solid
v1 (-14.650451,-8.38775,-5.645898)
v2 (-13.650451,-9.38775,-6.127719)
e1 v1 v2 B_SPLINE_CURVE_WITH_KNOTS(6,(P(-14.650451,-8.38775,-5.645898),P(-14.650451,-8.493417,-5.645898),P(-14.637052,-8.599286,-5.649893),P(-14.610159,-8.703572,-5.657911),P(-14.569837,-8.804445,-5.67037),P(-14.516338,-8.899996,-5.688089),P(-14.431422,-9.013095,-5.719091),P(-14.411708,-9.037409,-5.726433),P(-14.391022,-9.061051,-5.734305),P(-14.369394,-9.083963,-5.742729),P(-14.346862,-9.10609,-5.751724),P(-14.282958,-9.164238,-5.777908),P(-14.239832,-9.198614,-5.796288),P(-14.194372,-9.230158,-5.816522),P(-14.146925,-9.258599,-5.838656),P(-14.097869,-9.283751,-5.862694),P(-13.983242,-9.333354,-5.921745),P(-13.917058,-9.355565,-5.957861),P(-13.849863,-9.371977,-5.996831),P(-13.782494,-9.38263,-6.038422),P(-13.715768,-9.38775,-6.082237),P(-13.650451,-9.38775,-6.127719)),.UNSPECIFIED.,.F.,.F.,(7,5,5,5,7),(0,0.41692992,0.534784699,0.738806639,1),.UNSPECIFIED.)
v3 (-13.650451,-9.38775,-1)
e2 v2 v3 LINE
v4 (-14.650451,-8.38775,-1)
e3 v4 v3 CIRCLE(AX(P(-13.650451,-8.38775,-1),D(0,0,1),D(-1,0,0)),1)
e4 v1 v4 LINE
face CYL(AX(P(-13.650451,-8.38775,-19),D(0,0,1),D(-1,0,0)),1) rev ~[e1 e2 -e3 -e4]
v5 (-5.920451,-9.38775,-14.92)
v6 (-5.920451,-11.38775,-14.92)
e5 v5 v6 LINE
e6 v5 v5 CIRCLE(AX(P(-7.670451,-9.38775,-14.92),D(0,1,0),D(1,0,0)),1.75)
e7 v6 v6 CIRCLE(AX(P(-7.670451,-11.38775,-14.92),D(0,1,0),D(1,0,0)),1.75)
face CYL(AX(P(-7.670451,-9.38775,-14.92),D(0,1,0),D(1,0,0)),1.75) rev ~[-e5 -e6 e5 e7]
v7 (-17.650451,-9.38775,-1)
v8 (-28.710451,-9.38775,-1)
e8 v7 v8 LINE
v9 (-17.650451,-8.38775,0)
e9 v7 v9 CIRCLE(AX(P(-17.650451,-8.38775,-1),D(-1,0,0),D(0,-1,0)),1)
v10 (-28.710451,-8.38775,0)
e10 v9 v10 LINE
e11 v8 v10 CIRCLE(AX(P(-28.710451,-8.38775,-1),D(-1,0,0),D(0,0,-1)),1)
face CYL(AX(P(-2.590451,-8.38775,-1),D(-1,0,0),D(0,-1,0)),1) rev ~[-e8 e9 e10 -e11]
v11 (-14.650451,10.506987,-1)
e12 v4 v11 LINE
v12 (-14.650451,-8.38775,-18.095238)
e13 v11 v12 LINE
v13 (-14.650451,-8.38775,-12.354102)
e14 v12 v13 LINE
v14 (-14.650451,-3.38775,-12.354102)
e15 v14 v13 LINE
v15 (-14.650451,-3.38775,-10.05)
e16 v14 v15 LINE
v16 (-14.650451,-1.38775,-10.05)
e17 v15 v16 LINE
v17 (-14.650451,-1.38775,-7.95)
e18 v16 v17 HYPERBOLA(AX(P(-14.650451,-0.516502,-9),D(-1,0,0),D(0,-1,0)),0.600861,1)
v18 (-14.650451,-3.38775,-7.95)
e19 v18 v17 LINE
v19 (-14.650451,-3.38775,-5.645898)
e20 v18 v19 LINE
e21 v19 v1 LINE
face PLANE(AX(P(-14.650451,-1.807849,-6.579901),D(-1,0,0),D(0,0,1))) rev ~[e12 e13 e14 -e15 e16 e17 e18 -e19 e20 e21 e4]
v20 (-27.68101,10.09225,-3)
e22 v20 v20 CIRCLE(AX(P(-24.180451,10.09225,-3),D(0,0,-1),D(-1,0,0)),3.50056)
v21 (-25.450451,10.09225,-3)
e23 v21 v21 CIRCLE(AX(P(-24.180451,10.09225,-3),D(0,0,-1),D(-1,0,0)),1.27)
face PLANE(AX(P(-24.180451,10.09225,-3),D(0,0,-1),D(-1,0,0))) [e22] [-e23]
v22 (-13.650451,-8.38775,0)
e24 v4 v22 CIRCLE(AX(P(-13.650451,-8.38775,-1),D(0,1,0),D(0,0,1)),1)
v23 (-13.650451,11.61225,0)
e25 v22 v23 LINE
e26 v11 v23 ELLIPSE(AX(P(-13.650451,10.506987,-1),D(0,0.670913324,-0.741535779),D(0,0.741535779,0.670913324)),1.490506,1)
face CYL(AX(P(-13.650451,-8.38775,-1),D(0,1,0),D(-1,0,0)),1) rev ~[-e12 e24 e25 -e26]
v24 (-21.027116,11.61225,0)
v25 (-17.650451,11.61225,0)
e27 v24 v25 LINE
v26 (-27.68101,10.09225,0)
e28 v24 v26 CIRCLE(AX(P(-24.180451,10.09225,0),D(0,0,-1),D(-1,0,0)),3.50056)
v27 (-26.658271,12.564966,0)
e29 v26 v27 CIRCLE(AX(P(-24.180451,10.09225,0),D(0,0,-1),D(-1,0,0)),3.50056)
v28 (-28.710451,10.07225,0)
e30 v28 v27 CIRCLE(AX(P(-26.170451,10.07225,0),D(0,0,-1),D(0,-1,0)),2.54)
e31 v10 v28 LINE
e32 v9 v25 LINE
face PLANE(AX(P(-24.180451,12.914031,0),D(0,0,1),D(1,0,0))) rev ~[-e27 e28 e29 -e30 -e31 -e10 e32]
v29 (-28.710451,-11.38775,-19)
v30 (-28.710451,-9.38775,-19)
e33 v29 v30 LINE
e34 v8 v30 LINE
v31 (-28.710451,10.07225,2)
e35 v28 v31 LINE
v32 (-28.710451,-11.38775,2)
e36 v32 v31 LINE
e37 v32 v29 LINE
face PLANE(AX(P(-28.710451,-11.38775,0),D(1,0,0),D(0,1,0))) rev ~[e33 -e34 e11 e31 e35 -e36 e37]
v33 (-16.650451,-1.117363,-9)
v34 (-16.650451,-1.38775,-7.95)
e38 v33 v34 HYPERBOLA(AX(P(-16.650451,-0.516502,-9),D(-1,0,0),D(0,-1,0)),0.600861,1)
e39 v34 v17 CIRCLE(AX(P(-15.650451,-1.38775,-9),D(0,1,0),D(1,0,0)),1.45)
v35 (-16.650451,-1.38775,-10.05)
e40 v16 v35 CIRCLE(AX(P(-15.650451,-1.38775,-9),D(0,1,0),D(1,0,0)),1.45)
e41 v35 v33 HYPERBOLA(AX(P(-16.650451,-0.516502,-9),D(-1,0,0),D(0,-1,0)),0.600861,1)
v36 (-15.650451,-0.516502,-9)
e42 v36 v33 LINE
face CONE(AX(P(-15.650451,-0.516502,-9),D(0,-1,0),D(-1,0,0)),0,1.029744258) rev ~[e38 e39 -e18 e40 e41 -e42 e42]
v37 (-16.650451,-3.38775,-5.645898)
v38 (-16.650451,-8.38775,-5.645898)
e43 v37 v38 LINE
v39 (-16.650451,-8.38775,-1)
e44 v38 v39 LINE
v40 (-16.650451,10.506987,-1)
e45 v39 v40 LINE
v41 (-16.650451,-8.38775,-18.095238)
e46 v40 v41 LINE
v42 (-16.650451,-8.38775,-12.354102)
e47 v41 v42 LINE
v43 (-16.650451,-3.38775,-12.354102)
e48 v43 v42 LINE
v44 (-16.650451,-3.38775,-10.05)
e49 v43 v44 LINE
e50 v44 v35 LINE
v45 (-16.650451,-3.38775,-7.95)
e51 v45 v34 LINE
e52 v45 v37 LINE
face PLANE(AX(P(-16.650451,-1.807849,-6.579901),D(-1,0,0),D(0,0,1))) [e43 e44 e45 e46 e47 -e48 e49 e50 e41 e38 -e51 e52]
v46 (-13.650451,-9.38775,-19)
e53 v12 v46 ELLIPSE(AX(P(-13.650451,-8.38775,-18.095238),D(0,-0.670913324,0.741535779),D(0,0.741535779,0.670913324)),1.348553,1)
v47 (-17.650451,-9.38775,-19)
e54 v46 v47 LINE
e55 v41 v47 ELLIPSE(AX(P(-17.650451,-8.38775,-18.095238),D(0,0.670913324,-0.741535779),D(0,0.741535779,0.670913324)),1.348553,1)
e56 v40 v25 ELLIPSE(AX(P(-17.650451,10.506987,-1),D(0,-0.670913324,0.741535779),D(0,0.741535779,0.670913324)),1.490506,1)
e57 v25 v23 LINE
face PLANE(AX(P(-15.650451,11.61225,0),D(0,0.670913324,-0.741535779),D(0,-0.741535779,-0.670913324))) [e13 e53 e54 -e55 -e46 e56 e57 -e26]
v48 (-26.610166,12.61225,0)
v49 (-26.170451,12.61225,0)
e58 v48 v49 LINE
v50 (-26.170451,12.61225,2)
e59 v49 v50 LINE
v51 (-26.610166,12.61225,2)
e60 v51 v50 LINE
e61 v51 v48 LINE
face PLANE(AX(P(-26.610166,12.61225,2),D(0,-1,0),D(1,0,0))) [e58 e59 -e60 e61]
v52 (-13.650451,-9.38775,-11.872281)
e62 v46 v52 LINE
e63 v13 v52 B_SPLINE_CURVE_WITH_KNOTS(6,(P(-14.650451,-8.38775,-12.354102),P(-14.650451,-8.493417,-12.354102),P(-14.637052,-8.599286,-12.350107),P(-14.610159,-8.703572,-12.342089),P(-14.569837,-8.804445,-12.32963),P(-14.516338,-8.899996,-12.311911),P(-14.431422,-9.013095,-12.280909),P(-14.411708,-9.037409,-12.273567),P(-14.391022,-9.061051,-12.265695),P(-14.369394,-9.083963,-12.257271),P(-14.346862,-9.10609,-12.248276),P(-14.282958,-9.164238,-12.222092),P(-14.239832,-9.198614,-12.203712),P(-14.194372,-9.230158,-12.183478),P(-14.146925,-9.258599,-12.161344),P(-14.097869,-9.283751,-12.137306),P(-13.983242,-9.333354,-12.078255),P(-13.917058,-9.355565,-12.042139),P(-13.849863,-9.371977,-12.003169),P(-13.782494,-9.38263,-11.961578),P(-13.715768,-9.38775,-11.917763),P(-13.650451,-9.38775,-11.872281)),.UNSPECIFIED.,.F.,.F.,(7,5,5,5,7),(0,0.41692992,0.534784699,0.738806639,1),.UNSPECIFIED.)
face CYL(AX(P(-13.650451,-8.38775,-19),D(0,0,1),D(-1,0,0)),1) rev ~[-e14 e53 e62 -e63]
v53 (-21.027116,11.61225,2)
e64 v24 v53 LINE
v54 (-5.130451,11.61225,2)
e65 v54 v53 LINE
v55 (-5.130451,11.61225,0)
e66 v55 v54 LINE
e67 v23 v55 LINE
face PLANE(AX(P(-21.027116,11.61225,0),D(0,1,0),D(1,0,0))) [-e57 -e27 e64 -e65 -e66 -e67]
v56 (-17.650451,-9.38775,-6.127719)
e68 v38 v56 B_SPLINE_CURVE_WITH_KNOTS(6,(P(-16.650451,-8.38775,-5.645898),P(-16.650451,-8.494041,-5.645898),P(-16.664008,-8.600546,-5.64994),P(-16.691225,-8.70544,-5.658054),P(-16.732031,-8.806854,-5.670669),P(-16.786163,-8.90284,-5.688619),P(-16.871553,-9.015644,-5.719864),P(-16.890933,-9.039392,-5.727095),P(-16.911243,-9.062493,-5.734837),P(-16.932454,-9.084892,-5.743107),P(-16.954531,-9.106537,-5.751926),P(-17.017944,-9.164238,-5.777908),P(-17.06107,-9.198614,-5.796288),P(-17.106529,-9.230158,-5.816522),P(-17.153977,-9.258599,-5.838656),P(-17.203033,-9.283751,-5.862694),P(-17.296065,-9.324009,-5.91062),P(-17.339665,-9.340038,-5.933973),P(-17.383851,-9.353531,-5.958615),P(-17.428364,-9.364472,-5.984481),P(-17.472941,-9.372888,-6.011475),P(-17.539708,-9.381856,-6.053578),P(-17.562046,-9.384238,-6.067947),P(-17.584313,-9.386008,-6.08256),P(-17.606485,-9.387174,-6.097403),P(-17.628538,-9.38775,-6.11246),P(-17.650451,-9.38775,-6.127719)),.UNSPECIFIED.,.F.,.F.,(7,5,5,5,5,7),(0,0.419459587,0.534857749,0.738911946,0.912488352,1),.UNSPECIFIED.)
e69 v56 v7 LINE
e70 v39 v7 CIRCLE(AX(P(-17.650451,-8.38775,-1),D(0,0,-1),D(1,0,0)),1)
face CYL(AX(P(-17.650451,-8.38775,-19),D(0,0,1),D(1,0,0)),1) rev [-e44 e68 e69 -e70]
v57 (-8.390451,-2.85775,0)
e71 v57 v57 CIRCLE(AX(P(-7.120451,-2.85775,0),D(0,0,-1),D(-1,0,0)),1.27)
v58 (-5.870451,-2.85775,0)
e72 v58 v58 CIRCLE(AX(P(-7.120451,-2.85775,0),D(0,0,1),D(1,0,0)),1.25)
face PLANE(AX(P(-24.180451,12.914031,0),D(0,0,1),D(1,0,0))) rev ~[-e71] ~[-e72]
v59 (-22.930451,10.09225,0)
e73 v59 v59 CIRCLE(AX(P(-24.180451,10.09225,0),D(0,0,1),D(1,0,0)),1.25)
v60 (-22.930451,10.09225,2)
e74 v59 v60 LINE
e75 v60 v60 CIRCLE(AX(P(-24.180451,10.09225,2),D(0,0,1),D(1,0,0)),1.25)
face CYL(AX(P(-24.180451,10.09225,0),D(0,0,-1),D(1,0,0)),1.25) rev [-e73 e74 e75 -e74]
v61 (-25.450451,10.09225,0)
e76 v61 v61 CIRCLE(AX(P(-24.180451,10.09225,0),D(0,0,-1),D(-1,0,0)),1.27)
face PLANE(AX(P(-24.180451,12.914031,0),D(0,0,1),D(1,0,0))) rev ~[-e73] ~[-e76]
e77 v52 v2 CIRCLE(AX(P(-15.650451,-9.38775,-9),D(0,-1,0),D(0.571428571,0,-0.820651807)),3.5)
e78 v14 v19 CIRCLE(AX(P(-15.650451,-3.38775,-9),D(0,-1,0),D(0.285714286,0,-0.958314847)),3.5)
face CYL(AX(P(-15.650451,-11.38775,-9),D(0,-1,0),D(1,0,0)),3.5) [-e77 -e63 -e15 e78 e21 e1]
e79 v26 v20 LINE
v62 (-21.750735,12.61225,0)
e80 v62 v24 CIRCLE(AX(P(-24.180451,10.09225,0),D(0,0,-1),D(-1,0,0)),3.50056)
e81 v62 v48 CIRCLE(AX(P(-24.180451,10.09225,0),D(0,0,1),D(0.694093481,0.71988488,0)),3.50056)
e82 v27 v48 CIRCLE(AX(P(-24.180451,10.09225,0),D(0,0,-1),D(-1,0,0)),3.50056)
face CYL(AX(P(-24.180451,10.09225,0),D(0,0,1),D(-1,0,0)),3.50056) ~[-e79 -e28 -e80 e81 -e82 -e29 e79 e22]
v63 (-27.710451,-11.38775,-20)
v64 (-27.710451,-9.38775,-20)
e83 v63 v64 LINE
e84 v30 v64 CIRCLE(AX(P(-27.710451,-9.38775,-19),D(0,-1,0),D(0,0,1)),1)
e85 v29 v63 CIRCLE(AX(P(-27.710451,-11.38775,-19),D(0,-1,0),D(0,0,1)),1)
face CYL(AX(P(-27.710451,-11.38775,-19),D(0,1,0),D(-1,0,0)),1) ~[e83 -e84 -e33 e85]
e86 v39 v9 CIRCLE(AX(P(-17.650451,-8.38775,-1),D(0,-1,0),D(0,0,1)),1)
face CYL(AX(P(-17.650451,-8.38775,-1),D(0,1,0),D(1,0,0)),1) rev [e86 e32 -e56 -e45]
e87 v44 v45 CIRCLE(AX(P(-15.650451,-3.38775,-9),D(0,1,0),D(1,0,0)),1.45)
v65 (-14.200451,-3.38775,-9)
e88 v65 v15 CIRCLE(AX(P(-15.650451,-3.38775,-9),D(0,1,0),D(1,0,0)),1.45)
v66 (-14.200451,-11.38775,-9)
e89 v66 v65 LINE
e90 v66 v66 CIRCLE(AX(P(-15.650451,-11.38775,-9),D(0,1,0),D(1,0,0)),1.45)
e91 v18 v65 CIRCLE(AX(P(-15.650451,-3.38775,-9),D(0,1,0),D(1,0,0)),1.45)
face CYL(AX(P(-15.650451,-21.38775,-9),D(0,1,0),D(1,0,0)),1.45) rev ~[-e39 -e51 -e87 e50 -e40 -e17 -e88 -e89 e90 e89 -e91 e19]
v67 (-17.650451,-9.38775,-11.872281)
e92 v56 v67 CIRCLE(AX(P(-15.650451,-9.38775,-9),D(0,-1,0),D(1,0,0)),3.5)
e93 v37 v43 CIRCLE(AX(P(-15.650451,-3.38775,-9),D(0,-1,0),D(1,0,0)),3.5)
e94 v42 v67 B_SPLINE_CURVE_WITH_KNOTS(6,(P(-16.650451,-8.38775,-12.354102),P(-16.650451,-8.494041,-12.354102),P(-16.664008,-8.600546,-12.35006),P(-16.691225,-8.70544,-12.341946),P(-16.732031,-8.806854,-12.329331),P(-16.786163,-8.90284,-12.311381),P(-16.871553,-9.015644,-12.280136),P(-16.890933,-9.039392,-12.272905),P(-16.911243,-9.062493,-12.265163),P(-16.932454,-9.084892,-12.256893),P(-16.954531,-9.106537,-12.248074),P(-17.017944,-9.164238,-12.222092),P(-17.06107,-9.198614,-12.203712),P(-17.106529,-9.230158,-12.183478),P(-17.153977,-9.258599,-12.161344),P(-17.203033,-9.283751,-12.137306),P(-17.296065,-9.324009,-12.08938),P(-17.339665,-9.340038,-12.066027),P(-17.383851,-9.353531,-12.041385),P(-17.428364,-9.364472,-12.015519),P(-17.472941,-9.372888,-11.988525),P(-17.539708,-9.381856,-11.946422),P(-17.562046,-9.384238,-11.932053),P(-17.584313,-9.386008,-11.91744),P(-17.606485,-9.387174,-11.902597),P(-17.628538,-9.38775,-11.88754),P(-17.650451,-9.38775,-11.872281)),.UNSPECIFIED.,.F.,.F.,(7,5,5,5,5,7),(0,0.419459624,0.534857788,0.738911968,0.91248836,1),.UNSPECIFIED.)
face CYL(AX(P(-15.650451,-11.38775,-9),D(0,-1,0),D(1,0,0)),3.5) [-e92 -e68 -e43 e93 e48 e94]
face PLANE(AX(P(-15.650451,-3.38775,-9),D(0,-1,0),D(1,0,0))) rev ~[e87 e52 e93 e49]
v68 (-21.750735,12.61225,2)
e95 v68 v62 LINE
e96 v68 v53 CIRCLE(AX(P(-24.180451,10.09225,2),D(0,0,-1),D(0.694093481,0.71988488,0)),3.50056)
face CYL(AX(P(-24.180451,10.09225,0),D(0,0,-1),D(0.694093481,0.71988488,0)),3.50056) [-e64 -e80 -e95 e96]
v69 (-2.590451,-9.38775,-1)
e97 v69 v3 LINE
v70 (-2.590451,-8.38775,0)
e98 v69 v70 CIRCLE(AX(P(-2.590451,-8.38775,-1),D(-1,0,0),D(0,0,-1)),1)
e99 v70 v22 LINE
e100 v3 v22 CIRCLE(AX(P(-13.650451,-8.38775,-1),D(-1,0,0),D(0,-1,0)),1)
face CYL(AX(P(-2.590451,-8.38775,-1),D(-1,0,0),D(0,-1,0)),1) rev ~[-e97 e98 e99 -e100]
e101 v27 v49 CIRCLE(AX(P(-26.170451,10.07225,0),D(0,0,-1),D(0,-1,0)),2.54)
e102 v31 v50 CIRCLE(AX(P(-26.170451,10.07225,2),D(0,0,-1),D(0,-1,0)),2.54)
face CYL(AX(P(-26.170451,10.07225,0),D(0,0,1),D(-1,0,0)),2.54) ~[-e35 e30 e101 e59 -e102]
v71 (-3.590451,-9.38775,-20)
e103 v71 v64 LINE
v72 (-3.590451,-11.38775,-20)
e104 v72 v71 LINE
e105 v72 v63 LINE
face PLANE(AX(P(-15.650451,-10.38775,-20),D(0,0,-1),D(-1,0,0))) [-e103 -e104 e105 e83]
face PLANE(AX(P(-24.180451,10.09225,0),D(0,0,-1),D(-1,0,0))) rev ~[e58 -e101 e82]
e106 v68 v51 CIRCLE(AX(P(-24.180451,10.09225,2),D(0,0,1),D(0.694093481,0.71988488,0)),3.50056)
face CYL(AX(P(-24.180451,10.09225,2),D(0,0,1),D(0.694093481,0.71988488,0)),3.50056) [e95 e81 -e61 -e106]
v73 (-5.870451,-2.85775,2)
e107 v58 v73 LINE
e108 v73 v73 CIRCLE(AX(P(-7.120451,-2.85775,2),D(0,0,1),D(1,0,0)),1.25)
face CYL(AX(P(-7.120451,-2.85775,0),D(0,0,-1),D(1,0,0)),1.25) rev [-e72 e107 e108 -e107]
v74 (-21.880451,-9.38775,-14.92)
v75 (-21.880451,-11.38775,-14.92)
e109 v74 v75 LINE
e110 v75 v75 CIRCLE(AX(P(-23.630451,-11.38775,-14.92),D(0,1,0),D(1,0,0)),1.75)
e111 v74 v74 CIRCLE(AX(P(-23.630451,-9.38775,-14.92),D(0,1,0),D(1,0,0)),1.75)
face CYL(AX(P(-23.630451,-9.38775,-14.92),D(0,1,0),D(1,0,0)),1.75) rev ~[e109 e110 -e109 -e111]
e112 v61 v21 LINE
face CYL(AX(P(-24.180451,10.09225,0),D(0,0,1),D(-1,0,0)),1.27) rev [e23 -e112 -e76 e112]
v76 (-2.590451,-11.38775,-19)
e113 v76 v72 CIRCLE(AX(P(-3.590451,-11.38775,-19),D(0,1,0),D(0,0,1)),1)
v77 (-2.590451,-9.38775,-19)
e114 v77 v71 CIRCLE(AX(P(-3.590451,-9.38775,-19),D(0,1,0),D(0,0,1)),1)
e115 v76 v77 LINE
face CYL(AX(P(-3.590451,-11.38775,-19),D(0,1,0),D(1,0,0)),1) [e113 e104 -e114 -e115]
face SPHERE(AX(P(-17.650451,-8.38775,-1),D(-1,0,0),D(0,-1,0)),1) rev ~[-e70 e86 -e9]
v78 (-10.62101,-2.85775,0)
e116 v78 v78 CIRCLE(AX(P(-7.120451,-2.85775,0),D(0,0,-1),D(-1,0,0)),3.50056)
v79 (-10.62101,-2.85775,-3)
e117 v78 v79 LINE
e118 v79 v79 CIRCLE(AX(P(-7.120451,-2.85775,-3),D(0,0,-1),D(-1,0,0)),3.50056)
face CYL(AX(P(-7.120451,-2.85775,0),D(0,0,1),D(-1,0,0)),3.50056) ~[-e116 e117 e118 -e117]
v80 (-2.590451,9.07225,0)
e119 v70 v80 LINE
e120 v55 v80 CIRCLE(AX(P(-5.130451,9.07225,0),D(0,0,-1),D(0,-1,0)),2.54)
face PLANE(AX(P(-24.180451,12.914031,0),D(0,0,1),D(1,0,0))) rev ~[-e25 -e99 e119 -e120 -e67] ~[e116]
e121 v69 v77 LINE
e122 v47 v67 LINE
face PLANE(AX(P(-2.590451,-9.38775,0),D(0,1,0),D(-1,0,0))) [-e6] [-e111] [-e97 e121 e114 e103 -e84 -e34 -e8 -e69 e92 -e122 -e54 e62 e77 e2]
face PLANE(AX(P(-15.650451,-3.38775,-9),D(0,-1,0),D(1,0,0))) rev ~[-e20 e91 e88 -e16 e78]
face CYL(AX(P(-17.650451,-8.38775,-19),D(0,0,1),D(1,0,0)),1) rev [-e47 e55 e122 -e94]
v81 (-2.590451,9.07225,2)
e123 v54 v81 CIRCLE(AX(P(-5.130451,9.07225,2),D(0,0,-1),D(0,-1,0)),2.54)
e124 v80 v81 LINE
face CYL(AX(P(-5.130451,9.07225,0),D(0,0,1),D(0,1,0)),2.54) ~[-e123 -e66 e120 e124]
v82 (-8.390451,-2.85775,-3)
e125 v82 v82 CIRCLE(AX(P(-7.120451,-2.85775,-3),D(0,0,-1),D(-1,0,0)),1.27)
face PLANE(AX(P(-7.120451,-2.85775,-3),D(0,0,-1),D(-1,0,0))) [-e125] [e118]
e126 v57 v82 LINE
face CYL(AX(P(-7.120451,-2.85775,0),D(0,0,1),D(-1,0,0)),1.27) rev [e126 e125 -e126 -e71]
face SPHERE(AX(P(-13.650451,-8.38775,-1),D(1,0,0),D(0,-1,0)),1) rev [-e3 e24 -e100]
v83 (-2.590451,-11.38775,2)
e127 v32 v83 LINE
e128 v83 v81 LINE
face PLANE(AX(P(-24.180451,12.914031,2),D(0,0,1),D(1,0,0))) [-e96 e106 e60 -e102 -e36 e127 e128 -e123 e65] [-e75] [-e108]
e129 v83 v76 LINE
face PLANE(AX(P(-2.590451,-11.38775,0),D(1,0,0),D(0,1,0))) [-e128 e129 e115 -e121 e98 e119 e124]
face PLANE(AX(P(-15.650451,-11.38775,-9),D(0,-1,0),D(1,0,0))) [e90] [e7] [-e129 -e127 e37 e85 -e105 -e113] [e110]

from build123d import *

# Parameters (mm, degrees)
SKETCH1_W                   = 26.12
SKETCH1_H                   = 24
SKETCH1_R                   = 1.25
BOSS_EXTRUDE1_DEPTH         = 2
SKETCH4_W                   = 26.12
SKETCH4_H                   = 2
BOSS_EXTRUDE4_DEPTH         = 20
FILLET2_R                   = 2.54
FILLET3_R                   = 1
FILLET4_R                   = 1
FILLET5_R                   = 1
BOSS_EXTRUDE5_DEPTH         = 2
BOSS_EXTRUDE6_DEPTH         = 1
FILLET10_R                  = 1
SKETCH15_R                  = 3.5
BOSS_EXTRUDE7_DEPTH         = 8
M3_5X0_6_TAPPED_HOLE1_D     = 2.9
M3_5X0_6_TAPPED_HOLE1_DEPTH = 10
M3_5X0_6_TAPPED_HOLE1_TIP   = 0.871247898
SKETCH19_R                  = 3.500559702
SKETCH19_R_2                = 1.27
BOSS_EXTRUDE8_DEPTH         = 3
CUT_EXTRUDE1_DEPTH          = 3
FILLET11_R                  = 2.54
SKETCH21_R                  = 1.75
CUT_EXTRUDE2_DEPTH          = 3


with BuildPart() as part:
    # Sketch1 → Boss-Extrude1 (new body)
    with BuildSketch(Plane.XY):
        with Locations((-15.65045068, 0.61225)):
            Rectangle(SKETCH1_W, SKETCH1_H)
        with Locations((-7.12045068, -2.85775)):
            Circle(SKETCH1_R, mode=Mode.SUBTRACT)
        with Locations((-24.18045068, 10.09225)):
            Circle(SKETCH1_R, mode=Mode.SUBTRACT)
    extrude(amount=BOSS_EXTRUDE1_DEPTH)

    # Sketch4 → Boss-Extrude4 (add)
    with BuildSketch(Plane(origin=(0, 0, 0), x_dir=(-1, 0, 0), z_dir=(0, 0, -1))):
        with Locations((15.65045068, -10.38775)):
            Rectangle(SKETCH4_W, SKETCH4_H)
    extrude(amount=BOSS_EXTRUDE4_DEPTH)

    # Fillet2
    fillet2_edges = [part.edges().sort_by_distance(p)[0] for p in [
        (-28.71045068, 12.61225, 1),
    ]]
    fillet(fillet2_edges, radius=FILLET2_R)

    # Fillet3
    fillet3_edges = [part.edges().sort_by_distance(p)[0] for p in [
        (-2.59045068, 12.61225, 1),
    ]]
    fillet(fillet3_edges, radius=FILLET3_R)

    # Fillet4
    fillet4_edges = [part.edges().sort_by_distance(p)[0] for p in [
        (-28.71045068, -10.38775, -20),
        (-2.59045068, -10.38775, -20),
    ]]
    fillet(fillet4_edges, radius=FILLET4_R)

    # Fillet5
    fillet5_edges = [part.edges().sort_by_distance(p)[0] for p in [
        (-15.65045068, -9.38775, 0),
    ]]
    fillet(fillet5_edges, radius=FILLET5_R)

    # Sketch7 → Boss-Extrude5 (add)
    with BuildSketch(Plane.XY.offset(2)):
        with BuildLine():
            Line((-26.610166349, 12.61225), (-21.750735012, 12.61225))
            ThreePointArc((-21.750735012, 12.61225), (-24.18045068, 13.592809702), (-26.610166349, 12.61225))
        make_face()
    extrude(amount=-BOSS_EXTRUDE5_DEPTH)

    # Sketch14 → Boss-Extrude6 (add, symmetric)
    with BuildSketch(Plane.ZY.offset(15.65045068)):
        Polygon((0, 11.61225), (-19, -9.38775), (0, -9.38775), (0, 11.544281389), align=None)
    extrude(amount=BOSS_EXTRUDE6_DEPTH, both=True)

    # Fillet10
    fillet10_edges = [part.edges().sort_by_distance(p)[0] for p in [
        (-14.65045068, -9.094856781, -0.292893219),
        (-16.65045068, -9.094856781, -0.292893219),
        (-14.65045068, 1.61225, 0),
        (-16.65045068, 1.61225, 0),
        (-16.65045068, -9.38775, -10),
        (-14.65045068, -9.38775, -10),
    ]]
    fillet(fillet10_edges, radius=FILLET10_R)

    # Sketch15 → Boss-Extrude7 (add)
    with BuildSketch(Plane.XZ.offset(11.38775)):
        with Locations((-15.65045068, -9)):
            Circle(SKETCH15_R)
    extrude(amount=-BOSS_EXTRUDE7_DEPTH)

    # M3.5x0.6 Tapped Hole1
    with Locations(Plane(origin=(0, -11.38775, 0), x_dir=(-1, 0, 0), z_dir=(0, -1, 0))):
        with Locations((15.65045068, 9)):
            Hole(M3_5X0_6_TAPPED_HOLE1_D / 2, depth=M3_5X0_6_TAPPED_HOLE1_DEPTH)
            with Locations((0, 0, -(M3_5X0_6_TAPPED_HOLE1_DEPTH + M3_5X0_6_TAPPED_HOLE1_TIP / 2))):  # 118° drill point
                Cone(0, M3_5X0_6_TAPPED_HOLE1_D / 2, M3_5X0_6_TAPPED_HOLE1_TIP, mode=Mode.SUBTRACT)

    # Sketch19 → Boss-Extrude8 (add)
    with BuildSketch(Plane(origin=(0, 0, 0), x_dir=(-1, 0, 0), z_dir=(0, 0, -1))):
        with Locations((7.12045068, -2.85775)):
            Circle(SKETCH19_R)
        with Locations((7.12045068, -2.85775)):
            Circle(SKETCH19_R_2, mode=Mode.SUBTRACT)
        with Locations((24.18045068, 10.09225)):
            Circle(SKETCH19_R)
        with Locations((24.18045068, 10.09225)):
            Circle(SKETCH19_R_2, mode=Mode.SUBTRACT)
    extrude(amount=BOSS_EXTRUDE8_DEPTH)

    # Sketch20 → Cut-Extrude1 (cut, through all)
    with BuildSketch(Plane(origin=(0, 0, 0), x_dir=(-1, 0, 0), z_dir=(0, 0, -1))):
        with BuildLine():
            Line((21.027116218, 11.61225), (2.59045068, 11.61225))
            Line((2.59045068, 11.61225), (2.59045068, 12.61225))
            Line((2.59045068, 12.61225), (21.750735012, 12.61225))
            ThreePointArc((21.750735012, 12.61225), (21.344500718, 12.144396691), (21.027116218, 11.61225))
        make_face()
    extrude(amount=-CUT_EXTRUDE1_DEPTH, mode=Mode.SUBTRACT)

    # Fillet11
    fillet11_edges = [part.edges().sort_by_distance(p)[0] for p in [
        (-2.59045068, 11.61225, 1),
    ]]
    fillet(fillet11_edges, radius=FILLET11_R)

    # Sketch21 → Cut-Extrude2 (cut, through all)
    with BuildSketch(Plane(origin=(0, -9.38775, 0), x_dir=(1, 0, 0), z_dir=(0, 1, 0))):
        with Locations((-23.63045068, 14.92)):
            Circle(SKETCH21_R)
        with Locations((-7.67045068, 14.92)):
            Circle(SKETCH21_R)
    extrude(amount=-CUT_EXTRUDE2_DEPTH, mode=Mode.SUBTRACT)


solid = part.part
